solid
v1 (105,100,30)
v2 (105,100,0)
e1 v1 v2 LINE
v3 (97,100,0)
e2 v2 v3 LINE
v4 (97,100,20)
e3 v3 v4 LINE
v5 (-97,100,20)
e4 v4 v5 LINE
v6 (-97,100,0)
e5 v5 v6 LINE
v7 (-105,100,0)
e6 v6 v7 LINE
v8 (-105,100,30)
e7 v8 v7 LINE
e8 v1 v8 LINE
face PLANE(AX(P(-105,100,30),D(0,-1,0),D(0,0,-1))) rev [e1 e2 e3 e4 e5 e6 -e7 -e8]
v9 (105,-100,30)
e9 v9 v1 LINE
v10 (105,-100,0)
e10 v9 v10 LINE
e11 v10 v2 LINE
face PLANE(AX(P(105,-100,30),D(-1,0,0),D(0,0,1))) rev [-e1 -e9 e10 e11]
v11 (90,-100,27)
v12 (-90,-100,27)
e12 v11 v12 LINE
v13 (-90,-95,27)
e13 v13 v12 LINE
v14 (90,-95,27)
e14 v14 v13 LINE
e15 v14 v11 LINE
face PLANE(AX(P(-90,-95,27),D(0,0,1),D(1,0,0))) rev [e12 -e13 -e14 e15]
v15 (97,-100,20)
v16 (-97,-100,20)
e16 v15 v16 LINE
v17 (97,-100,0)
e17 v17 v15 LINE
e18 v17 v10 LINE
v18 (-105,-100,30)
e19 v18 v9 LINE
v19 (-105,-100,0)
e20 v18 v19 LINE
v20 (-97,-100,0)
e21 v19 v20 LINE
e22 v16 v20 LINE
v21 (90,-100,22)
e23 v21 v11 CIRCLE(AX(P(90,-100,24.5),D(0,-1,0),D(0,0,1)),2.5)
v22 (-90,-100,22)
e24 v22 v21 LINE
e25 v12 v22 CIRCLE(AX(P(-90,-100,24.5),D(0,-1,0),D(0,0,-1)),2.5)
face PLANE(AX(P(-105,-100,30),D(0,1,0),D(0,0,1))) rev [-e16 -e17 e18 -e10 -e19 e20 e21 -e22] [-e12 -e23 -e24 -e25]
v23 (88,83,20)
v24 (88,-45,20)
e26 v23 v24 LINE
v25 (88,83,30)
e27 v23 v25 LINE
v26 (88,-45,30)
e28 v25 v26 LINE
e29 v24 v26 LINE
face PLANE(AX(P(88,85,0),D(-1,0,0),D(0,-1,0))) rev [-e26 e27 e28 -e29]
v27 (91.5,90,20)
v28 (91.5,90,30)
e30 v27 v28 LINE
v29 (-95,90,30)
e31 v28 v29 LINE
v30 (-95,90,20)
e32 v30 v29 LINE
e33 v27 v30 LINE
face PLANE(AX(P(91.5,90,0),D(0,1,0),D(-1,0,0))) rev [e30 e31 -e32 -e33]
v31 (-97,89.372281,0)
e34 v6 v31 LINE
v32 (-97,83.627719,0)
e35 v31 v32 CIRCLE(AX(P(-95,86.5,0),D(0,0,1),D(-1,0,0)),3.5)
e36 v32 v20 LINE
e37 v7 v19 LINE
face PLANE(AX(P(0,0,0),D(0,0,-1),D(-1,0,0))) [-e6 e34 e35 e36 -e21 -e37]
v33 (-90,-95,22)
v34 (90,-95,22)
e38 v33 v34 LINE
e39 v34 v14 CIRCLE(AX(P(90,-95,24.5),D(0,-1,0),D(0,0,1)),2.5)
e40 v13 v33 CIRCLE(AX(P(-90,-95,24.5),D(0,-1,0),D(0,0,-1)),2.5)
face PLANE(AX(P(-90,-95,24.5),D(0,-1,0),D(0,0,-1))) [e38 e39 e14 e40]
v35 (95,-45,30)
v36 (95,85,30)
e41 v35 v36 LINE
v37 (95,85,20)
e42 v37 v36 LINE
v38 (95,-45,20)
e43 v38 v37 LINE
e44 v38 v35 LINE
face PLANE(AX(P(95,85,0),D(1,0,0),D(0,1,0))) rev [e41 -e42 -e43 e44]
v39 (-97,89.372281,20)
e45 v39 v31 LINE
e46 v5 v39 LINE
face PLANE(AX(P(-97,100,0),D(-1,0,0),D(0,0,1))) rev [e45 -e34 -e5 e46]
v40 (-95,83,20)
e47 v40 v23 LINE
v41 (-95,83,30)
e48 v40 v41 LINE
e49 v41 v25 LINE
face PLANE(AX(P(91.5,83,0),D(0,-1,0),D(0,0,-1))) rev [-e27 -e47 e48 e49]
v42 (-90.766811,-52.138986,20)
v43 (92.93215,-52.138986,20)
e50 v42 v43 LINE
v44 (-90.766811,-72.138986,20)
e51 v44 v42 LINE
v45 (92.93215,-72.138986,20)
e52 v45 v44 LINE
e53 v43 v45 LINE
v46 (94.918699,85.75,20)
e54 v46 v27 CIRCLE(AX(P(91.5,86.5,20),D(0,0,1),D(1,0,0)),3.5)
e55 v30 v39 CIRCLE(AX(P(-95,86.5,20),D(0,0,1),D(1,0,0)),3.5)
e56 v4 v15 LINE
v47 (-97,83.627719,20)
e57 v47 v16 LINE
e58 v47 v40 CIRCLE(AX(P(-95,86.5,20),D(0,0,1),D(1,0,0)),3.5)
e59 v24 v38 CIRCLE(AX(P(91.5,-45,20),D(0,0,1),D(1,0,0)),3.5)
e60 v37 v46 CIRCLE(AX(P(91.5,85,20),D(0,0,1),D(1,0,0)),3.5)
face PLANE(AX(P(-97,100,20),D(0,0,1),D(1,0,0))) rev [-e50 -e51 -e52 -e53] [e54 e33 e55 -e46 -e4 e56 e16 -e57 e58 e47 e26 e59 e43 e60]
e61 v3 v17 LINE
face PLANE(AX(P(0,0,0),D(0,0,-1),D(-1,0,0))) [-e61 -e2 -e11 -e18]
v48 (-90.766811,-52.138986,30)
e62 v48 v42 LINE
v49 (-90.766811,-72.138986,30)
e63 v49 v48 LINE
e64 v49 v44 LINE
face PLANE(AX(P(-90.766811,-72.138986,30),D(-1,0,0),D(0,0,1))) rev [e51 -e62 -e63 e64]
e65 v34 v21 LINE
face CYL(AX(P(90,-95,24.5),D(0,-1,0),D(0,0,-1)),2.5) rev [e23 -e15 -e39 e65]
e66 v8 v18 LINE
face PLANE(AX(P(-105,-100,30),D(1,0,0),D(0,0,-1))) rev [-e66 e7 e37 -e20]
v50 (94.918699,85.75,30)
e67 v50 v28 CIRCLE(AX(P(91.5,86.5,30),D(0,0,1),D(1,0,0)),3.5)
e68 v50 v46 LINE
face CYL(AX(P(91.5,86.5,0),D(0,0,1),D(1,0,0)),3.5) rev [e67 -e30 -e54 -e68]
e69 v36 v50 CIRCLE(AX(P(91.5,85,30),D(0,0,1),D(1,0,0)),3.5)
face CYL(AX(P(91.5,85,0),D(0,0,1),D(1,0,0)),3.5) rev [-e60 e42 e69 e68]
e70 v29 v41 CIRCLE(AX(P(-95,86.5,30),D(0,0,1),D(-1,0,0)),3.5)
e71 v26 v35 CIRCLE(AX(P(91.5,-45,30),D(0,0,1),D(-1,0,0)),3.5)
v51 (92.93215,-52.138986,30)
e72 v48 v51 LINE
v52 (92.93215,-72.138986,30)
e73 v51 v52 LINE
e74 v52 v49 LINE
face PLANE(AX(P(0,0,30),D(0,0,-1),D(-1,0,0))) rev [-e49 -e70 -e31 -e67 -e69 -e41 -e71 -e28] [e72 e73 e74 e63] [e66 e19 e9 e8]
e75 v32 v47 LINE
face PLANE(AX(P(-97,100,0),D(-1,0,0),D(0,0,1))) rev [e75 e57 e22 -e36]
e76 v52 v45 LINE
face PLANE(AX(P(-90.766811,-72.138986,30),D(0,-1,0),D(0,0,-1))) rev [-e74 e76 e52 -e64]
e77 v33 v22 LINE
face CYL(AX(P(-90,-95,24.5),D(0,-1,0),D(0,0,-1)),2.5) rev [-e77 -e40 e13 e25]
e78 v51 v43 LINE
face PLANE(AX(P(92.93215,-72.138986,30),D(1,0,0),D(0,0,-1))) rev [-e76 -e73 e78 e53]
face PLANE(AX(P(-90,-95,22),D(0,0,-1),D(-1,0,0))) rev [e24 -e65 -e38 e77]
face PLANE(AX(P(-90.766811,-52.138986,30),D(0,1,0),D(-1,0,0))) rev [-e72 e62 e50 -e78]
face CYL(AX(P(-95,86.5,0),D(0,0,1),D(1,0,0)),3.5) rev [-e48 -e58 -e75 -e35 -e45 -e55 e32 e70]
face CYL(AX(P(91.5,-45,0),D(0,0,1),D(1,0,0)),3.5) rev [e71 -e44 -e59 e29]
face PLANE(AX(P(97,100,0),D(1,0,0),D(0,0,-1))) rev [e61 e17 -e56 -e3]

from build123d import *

# Parameters (mm, degrees)
SKETCH1_W           = 210
SKETCH1_H           = 200
BOSS_EXTRUDE1_DEPTH = 30
SKETCH2_W           = 194
SKETCH2_H           = 20
CUT_EXTRUDE1_DEPTH  = 228.870577302
CUT_EXTRUDE2_DEPTH  = 149.07092895
CUT_EXTRUDE3_DEPTH  = 149.07092895
SKETCH6_W           = 183.698961066
SKETCH6_H           = 20
CUT_EXTRUDE4_DEPTH  = 147.372811683
CUT_EXTRUDE6_DEPTH  = 5


with BuildPart() as part:
    # Sketch1 → Boss-Extrude1 (new body)
    with BuildSketch(Plane.XY):
        Rectangle(SKETCH1_W, SKETCH1_H)
    extrude(amount=BOSS_EXTRUDE1_DEPTH)

    # Sketch2 → Cut-Extrude1 (cut, through all)
    with BuildSketch(Plane(origin=(0, -100, 0), x_dir=(-1, 0, 0), z_dir=(0, -1, 0))):
        with Locations((0, -10)):
            Rectangle(SKETCH2_W, SKETCH2_H)
    extrude(amount=-CUT_EXTRUDE1_DEPTH, mode=Mode.SUBTRACT)

    # Sketch3 → Cut-Extrude2 (cut, through all)
    with BuildSketch(Plane.XY.offset(30)):
        with BuildLine():
            Line((88, 85), (88, -45))
            ThreePointArc((88, -45), (91.5, -48.5), (95, -45))
            Line((95, -45), (95, 85))
            ThreePointArc((95, 85), (91.5, 88.5), (88, 85))
        make_face()
    extrude(amount=-CUT_EXTRUDE2_DEPTH, mode=Mode.SUBTRACT)

    # Sketch4 → Cut-Extrude3 (cut, through all)
    with BuildSketch(Plane.XY.offset(30)):
        with BuildLine():
            Line((91.5, 83), (-95, 83))
            ThreePointArc((-95, 83), (-98.5, 86.5), (-95, 90))
            Line((-95, 90), (91.5, 90))
            ThreePointArc((91.5, 90), (95, 86.5), (91.5, 83))
        make_face()
    extrude(amount=-CUT_EXTRUDE3_DEPTH, mode=Mode.SUBTRACT)

    # Sketch6 → Cut-Extrude4 (cut, through all)
    with BuildSketch(Plane(origin=(0, 0, 20), x_dir=(-1, 0, 0), z_dir=(0, 0, -1))):
        with Locations((-1.082669049, -62.138985898)):
            Rectangle(SKETCH6_W, SKETCH6_H)
    extrude(amount=-CUT_EXTRUDE4_DEPTH, mode=Mode.SUBTRACT)

    # Sketch5 → Cut-Extrude6 (cut)
    with BuildSketch(Plane(origin=(0, -100, 0), x_dir=(-1, 0, 0), z_dir=(0, -1, 0))):
        with BuildLine():
            Line((90, -27), (-90, -27))
            ThreePointArc((-90, -27), (-92.5, -24.5), (-90, -22))
            Line((-90, -22), (90, -22))
            ThreePointArc((90, -22), (92.5, -24.5), (90, -27))
        make_face()
    extrude(amount=-CUT_EXTRUDE6_DEPTH, mode=Mode.SUBTRACT)


solid = part.part
